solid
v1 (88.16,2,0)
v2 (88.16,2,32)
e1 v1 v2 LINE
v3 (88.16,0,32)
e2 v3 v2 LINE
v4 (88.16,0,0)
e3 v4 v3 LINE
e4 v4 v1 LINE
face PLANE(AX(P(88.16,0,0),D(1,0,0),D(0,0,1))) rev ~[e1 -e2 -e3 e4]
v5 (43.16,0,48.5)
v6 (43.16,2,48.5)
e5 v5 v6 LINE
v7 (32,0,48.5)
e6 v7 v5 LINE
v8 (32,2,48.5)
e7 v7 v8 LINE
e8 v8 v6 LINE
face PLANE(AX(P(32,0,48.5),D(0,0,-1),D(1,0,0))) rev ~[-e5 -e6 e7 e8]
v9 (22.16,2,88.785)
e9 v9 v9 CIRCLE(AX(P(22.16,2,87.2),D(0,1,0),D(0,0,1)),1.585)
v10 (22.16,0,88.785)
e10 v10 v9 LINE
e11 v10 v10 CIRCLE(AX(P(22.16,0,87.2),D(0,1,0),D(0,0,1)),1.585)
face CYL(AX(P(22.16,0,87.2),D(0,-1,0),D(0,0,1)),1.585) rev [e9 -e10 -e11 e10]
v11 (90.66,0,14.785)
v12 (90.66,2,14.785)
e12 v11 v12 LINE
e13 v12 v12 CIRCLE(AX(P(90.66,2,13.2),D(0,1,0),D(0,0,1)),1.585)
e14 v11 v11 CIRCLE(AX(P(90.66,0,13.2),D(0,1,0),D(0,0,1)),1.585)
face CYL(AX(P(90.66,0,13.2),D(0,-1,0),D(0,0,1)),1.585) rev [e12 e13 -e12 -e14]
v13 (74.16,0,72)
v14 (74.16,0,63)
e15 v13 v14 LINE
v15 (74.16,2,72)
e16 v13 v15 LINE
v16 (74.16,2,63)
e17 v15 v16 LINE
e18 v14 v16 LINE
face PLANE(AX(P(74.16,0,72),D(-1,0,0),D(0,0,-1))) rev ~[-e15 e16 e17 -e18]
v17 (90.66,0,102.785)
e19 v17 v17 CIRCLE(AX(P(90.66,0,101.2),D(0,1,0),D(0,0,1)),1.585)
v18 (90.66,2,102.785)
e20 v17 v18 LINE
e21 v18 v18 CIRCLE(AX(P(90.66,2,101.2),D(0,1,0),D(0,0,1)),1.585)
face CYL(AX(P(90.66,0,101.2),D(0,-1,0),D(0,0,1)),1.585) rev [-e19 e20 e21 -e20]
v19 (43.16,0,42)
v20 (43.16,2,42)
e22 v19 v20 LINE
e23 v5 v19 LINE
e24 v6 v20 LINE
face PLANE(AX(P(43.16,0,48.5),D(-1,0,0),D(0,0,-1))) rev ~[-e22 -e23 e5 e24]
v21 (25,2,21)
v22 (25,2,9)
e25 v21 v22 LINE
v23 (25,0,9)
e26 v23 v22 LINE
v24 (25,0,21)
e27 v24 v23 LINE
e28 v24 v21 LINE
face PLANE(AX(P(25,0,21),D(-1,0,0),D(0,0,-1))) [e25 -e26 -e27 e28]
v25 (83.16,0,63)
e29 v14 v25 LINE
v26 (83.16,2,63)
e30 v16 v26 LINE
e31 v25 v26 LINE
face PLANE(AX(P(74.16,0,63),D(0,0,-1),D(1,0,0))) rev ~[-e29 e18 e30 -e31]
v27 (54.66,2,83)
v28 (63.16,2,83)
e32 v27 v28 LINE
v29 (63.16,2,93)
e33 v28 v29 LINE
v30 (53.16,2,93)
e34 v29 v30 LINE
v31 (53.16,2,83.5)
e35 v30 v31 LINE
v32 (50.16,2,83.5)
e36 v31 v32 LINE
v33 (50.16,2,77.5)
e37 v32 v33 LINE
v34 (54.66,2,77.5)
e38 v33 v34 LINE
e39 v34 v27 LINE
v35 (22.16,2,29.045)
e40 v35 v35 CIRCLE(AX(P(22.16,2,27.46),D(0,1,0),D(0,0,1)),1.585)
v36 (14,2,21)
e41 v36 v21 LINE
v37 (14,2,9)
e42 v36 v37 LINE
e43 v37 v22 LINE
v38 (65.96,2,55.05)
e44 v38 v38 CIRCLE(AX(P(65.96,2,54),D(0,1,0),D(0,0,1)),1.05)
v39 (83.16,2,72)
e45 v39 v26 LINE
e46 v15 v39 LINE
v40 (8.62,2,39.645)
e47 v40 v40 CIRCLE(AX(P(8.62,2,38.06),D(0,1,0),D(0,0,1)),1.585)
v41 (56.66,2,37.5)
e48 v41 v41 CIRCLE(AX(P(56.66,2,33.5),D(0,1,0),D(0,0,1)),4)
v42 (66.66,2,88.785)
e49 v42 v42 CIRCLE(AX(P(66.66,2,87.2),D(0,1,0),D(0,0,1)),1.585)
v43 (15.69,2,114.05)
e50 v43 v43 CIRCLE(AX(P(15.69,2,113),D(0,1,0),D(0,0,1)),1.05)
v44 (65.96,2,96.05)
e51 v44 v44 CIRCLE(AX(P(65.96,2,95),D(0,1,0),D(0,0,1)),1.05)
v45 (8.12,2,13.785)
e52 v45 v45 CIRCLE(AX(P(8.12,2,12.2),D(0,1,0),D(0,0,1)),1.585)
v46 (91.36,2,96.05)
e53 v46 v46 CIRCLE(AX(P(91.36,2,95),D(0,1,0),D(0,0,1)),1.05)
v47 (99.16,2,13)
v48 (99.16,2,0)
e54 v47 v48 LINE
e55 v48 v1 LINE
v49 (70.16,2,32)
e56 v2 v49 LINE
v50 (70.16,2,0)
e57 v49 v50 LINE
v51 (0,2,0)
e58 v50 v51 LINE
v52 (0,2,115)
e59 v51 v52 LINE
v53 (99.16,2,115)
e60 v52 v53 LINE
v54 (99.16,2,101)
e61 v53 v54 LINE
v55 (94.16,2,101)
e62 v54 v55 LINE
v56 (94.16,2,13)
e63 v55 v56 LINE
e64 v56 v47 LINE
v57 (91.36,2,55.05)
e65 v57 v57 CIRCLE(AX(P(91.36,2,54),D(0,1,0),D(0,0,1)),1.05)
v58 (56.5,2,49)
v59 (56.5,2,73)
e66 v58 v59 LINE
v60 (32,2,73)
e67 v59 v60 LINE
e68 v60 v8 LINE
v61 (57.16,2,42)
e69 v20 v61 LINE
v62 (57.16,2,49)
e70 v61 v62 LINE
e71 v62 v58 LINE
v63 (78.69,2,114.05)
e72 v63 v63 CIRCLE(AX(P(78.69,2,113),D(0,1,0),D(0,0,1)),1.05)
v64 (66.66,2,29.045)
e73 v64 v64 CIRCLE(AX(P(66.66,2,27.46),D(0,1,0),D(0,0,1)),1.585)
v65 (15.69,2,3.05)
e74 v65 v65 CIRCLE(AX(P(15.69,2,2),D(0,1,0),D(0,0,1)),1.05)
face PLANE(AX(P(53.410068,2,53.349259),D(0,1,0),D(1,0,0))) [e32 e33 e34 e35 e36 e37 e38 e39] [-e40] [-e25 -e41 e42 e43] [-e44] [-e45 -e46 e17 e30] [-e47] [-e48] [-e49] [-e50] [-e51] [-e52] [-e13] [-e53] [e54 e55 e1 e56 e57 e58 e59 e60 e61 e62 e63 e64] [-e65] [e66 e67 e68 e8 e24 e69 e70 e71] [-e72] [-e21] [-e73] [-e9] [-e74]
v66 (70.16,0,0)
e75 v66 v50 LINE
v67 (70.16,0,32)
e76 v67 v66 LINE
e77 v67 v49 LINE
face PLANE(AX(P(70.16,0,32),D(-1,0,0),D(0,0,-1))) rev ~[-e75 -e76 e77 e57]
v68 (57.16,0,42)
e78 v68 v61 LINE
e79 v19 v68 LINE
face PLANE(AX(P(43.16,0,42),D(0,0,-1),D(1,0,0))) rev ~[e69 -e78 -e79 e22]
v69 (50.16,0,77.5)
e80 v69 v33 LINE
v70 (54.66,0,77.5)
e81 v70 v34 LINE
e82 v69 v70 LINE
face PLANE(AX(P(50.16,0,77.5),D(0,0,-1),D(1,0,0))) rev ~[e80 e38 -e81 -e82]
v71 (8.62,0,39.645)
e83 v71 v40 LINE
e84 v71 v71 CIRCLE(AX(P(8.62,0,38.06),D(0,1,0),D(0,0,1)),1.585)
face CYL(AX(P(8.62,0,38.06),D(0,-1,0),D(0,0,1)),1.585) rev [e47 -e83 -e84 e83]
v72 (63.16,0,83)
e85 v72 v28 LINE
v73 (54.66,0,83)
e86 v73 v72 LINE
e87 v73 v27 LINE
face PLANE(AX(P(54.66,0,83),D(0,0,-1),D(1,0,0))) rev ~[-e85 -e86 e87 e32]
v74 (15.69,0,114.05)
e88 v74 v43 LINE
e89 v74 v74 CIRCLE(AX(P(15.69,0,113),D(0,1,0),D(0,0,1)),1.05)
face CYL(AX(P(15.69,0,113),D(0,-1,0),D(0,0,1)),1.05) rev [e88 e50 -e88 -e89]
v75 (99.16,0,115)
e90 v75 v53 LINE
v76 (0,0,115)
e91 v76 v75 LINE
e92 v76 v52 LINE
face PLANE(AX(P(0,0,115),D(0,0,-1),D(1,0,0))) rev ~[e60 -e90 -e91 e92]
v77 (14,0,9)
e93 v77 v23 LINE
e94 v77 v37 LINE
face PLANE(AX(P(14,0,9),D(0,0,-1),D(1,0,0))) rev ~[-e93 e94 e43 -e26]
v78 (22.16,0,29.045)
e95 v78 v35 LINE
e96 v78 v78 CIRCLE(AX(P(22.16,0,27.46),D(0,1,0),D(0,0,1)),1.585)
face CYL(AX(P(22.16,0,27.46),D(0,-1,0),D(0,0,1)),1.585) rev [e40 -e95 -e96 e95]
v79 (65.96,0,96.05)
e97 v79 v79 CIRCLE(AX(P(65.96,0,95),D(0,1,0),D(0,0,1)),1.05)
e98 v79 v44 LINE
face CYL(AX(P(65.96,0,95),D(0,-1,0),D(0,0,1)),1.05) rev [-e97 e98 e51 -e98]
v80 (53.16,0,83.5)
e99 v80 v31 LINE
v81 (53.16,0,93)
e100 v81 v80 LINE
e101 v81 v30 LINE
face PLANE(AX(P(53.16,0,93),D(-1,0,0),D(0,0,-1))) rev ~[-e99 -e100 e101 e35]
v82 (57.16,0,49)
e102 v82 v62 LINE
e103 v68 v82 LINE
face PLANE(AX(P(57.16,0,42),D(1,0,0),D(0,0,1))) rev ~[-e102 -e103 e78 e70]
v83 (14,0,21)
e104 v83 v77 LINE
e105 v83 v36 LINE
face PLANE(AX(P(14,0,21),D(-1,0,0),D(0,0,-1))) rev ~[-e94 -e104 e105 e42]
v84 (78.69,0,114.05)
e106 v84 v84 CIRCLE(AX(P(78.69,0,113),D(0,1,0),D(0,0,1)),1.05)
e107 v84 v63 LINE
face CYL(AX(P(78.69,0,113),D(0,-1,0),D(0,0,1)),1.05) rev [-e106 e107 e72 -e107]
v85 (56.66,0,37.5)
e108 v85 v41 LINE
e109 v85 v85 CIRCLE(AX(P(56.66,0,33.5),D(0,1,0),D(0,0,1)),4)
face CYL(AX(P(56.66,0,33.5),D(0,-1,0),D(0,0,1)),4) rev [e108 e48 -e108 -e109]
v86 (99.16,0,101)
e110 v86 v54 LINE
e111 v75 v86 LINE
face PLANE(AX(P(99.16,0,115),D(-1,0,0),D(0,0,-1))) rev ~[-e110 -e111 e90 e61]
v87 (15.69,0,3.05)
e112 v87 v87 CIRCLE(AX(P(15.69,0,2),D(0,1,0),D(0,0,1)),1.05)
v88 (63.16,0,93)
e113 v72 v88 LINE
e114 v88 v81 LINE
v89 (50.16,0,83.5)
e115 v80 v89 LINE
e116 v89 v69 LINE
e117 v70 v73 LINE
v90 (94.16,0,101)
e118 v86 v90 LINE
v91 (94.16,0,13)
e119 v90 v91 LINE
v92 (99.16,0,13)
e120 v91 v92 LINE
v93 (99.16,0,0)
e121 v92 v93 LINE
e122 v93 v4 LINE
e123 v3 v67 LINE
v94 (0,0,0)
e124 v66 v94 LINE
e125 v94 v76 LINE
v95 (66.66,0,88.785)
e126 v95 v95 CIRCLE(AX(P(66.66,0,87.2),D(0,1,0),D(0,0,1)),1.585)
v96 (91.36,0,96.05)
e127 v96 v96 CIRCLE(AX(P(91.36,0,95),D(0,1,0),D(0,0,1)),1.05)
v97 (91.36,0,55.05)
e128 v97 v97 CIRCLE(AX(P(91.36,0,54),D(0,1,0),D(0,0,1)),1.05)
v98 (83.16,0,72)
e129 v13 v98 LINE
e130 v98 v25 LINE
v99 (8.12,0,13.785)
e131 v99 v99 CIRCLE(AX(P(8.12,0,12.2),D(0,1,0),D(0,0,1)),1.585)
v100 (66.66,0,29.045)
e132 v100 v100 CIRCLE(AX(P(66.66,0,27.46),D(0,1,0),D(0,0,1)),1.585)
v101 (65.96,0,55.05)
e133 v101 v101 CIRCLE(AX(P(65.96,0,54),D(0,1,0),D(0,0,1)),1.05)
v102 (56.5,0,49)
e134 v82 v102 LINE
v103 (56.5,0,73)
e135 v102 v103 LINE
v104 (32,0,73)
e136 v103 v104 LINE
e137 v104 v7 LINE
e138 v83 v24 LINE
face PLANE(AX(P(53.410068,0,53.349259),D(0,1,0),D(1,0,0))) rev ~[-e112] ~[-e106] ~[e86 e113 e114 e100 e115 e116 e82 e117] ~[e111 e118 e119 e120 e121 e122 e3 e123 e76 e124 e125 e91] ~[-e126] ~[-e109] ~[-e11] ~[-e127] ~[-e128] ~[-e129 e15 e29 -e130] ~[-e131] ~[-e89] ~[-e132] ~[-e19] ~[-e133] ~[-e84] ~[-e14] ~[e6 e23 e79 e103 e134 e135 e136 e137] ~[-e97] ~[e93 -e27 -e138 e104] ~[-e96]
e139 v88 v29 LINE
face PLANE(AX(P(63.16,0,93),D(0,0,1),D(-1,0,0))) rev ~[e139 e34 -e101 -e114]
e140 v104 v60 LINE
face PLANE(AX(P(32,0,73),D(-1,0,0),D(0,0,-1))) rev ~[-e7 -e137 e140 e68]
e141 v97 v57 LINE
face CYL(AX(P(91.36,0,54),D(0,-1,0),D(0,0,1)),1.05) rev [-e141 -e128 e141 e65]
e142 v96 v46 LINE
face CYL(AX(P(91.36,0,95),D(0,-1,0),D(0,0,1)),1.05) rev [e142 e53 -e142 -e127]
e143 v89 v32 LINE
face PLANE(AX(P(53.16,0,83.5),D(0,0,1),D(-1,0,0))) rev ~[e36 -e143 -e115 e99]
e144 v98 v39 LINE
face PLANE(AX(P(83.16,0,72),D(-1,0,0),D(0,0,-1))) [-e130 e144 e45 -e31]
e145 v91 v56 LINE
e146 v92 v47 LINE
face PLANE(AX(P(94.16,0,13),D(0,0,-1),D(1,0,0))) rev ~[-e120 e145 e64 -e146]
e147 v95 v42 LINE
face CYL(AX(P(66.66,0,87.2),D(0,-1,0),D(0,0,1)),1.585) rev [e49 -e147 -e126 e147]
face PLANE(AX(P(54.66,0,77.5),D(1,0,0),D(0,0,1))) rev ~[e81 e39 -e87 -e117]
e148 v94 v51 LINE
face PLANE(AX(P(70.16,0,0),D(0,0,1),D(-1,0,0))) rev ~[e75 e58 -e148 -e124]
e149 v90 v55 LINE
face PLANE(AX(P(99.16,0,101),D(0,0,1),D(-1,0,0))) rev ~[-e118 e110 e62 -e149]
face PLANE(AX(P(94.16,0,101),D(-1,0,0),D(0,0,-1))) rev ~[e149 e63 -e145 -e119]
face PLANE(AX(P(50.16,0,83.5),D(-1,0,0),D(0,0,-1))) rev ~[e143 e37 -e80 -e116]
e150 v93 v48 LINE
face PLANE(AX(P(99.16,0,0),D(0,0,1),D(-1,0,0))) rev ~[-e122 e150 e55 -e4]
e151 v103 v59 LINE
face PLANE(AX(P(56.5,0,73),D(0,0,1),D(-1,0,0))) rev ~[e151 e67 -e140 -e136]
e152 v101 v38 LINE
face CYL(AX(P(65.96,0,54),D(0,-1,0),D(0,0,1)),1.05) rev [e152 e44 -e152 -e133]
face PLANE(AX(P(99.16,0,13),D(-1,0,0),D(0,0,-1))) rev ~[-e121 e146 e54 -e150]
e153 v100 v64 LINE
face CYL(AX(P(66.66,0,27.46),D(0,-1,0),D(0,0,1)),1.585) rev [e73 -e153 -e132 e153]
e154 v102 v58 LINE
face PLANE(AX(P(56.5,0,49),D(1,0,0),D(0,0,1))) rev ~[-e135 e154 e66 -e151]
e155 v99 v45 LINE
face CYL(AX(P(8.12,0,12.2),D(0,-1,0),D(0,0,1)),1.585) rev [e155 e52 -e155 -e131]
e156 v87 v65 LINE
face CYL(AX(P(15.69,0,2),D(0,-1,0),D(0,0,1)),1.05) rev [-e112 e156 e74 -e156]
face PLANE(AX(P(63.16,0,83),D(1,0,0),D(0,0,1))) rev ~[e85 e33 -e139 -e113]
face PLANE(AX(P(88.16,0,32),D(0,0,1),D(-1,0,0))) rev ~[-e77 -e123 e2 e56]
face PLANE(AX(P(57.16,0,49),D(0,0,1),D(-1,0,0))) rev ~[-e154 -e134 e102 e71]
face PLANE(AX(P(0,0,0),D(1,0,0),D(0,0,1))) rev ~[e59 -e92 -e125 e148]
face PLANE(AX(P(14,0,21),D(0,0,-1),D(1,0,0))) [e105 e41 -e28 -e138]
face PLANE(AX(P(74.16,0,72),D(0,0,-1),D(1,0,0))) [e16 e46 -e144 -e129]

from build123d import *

# Parameters (mm, degrees)
SKETCH_1_R      = 1.05
SKETCH_1_R_2    = 1.585
SKETCH_1_W      = 9
SKETCH_1_H      = 9
SKETCH_1_W_2    = 11
SKETCH_1_H_2    = 12
SKETCH_1_R_3    = 4
EXTRUDE_1_DEPTH = 2


with BuildPart() as part:
    # 草图1 → 凸台-拉伸1 (new body)
    with BuildSketch(Plane(origin=(0, 0, 0), x_dir=(1, 0, 0), z_dir=(0, 1, 0))):
        Polygon((70.16, 0), (0, 0), (0, -115), (99.16, -115), (99.16, -101), (94.16, -101), (94.16, -13), (99.16, -13), (99.16, 0), (88.16, 0), (88.16, -32), (70.16, -32), align=None)
        with Locations(Location((15.69, -113, 0), (0, 0, 270))):
            Circle(SKETCH_1_R, mode=Mode.SUBTRACT)
        with Locations(Location((22.16, -87.2, 0), (0, 0, 270))):
            Circle(SKETCH_1_R_2, mode=Mode.SUBTRACT)
        Polygon((43.16, -48.5), (43.16, -42), (57.16, -42), (57.16, -49), (56.5, -49), (56.5, -73), (32, -73), (32, -48.5), align=None, mode=Mode.SUBTRACT)
        with Locations(Location((65.96, -95, 0), (0, 0, 270))):
            Circle(SKETCH_1_R, mode=Mode.SUBTRACT)
        with Locations(Location((66.66, -87.2, 0), (0, 0, 270))):
            Circle(SKETCH_1_R_2, mode=Mode.SUBTRACT)
        with Locations(Location((78.69, -113, 0), (0, 0, 270))):
            Circle(SKETCH_1_R, mode=Mode.SUBTRACT)
        with Locations(Location((90.66, -101.2, 0), (0, 0, 270))):
            Circle(SKETCH_1_R_2, mode=Mode.SUBTRACT)
        with Locations(Location((91.36, -95, 0), (0, 0, 270))):
            Circle(SKETCH_1_R, mode=Mode.SUBTRACT)
        Polygon((50.16, -83.5), (50.16, -77.5), (54.66, -77.5), (54.66, -83), (63.16, -83), (63.16, -93), (53.16, -93), (53.16, -83.5), align=None, mode=Mode.SUBTRACT)
        with Locations((78.66, -67.5)):
            Rectangle(SKETCH_1_W, SKETCH_1_H, mode=Mode.SUBTRACT)
        with Locations(Location((22.16, -27.46, 0), (0, 0, 270))):
            Circle(SKETCH_1_R_2, mode=Mode.SUBTRACT)
        with Locations((19.5, -15)):
            Rectangle(SKETCH_1_W_2, SKETCH_1_H_2, mode=Mode.SUBTRACT)
        with Locations(Location((15.69, -2, 0), (0, 0, 270))):
            Circle(SKETCH_1_R, mode=Mode.SUBTRACT)
        with Locations(Location((65.96, -54, 0), (0, 0, 270))):
            Circle(SKETCH_1_R, mode=Mode.SUBTRACT)
        with Locations(Location((56.66, -33.5, 0), (0, 0, 270))):
            Circle(SKETCH_1_R_3, mode=Mode.SUBTRACT)
        with Locations(Location((91.36, -54, 0), (0, 0, 270))):
            Circle(SKETCH_1_R, mode=Mode.SUBTRACT)
        with Locations(Location((66.66, -27.46, 0), (0, 0, 270))):
            Circle(SKETCH_1_R_2, mode=Mode.SUBTRACT)
        with Locations(Location((90.66, -13.2, 0), (0, 0, 270))):
            Circle(SKETCH_1_R_2, mode=Mode.SUBTRACT)
        with Locations(Location((8.12, -12.2, 0), (0, 0, 270))):
            Circle(SKETCH_1_R_2, mode=Mode.SUBTRACT)
        with Locations(Location((8.62, -38.06, 0), (0, 0, 270))):
            Circle(SKETCH_1_R_2, mode=Mode.SUBTRACT)
    extrude(amount=EXTRUDE_1_DEPTH)


solid = part.part
